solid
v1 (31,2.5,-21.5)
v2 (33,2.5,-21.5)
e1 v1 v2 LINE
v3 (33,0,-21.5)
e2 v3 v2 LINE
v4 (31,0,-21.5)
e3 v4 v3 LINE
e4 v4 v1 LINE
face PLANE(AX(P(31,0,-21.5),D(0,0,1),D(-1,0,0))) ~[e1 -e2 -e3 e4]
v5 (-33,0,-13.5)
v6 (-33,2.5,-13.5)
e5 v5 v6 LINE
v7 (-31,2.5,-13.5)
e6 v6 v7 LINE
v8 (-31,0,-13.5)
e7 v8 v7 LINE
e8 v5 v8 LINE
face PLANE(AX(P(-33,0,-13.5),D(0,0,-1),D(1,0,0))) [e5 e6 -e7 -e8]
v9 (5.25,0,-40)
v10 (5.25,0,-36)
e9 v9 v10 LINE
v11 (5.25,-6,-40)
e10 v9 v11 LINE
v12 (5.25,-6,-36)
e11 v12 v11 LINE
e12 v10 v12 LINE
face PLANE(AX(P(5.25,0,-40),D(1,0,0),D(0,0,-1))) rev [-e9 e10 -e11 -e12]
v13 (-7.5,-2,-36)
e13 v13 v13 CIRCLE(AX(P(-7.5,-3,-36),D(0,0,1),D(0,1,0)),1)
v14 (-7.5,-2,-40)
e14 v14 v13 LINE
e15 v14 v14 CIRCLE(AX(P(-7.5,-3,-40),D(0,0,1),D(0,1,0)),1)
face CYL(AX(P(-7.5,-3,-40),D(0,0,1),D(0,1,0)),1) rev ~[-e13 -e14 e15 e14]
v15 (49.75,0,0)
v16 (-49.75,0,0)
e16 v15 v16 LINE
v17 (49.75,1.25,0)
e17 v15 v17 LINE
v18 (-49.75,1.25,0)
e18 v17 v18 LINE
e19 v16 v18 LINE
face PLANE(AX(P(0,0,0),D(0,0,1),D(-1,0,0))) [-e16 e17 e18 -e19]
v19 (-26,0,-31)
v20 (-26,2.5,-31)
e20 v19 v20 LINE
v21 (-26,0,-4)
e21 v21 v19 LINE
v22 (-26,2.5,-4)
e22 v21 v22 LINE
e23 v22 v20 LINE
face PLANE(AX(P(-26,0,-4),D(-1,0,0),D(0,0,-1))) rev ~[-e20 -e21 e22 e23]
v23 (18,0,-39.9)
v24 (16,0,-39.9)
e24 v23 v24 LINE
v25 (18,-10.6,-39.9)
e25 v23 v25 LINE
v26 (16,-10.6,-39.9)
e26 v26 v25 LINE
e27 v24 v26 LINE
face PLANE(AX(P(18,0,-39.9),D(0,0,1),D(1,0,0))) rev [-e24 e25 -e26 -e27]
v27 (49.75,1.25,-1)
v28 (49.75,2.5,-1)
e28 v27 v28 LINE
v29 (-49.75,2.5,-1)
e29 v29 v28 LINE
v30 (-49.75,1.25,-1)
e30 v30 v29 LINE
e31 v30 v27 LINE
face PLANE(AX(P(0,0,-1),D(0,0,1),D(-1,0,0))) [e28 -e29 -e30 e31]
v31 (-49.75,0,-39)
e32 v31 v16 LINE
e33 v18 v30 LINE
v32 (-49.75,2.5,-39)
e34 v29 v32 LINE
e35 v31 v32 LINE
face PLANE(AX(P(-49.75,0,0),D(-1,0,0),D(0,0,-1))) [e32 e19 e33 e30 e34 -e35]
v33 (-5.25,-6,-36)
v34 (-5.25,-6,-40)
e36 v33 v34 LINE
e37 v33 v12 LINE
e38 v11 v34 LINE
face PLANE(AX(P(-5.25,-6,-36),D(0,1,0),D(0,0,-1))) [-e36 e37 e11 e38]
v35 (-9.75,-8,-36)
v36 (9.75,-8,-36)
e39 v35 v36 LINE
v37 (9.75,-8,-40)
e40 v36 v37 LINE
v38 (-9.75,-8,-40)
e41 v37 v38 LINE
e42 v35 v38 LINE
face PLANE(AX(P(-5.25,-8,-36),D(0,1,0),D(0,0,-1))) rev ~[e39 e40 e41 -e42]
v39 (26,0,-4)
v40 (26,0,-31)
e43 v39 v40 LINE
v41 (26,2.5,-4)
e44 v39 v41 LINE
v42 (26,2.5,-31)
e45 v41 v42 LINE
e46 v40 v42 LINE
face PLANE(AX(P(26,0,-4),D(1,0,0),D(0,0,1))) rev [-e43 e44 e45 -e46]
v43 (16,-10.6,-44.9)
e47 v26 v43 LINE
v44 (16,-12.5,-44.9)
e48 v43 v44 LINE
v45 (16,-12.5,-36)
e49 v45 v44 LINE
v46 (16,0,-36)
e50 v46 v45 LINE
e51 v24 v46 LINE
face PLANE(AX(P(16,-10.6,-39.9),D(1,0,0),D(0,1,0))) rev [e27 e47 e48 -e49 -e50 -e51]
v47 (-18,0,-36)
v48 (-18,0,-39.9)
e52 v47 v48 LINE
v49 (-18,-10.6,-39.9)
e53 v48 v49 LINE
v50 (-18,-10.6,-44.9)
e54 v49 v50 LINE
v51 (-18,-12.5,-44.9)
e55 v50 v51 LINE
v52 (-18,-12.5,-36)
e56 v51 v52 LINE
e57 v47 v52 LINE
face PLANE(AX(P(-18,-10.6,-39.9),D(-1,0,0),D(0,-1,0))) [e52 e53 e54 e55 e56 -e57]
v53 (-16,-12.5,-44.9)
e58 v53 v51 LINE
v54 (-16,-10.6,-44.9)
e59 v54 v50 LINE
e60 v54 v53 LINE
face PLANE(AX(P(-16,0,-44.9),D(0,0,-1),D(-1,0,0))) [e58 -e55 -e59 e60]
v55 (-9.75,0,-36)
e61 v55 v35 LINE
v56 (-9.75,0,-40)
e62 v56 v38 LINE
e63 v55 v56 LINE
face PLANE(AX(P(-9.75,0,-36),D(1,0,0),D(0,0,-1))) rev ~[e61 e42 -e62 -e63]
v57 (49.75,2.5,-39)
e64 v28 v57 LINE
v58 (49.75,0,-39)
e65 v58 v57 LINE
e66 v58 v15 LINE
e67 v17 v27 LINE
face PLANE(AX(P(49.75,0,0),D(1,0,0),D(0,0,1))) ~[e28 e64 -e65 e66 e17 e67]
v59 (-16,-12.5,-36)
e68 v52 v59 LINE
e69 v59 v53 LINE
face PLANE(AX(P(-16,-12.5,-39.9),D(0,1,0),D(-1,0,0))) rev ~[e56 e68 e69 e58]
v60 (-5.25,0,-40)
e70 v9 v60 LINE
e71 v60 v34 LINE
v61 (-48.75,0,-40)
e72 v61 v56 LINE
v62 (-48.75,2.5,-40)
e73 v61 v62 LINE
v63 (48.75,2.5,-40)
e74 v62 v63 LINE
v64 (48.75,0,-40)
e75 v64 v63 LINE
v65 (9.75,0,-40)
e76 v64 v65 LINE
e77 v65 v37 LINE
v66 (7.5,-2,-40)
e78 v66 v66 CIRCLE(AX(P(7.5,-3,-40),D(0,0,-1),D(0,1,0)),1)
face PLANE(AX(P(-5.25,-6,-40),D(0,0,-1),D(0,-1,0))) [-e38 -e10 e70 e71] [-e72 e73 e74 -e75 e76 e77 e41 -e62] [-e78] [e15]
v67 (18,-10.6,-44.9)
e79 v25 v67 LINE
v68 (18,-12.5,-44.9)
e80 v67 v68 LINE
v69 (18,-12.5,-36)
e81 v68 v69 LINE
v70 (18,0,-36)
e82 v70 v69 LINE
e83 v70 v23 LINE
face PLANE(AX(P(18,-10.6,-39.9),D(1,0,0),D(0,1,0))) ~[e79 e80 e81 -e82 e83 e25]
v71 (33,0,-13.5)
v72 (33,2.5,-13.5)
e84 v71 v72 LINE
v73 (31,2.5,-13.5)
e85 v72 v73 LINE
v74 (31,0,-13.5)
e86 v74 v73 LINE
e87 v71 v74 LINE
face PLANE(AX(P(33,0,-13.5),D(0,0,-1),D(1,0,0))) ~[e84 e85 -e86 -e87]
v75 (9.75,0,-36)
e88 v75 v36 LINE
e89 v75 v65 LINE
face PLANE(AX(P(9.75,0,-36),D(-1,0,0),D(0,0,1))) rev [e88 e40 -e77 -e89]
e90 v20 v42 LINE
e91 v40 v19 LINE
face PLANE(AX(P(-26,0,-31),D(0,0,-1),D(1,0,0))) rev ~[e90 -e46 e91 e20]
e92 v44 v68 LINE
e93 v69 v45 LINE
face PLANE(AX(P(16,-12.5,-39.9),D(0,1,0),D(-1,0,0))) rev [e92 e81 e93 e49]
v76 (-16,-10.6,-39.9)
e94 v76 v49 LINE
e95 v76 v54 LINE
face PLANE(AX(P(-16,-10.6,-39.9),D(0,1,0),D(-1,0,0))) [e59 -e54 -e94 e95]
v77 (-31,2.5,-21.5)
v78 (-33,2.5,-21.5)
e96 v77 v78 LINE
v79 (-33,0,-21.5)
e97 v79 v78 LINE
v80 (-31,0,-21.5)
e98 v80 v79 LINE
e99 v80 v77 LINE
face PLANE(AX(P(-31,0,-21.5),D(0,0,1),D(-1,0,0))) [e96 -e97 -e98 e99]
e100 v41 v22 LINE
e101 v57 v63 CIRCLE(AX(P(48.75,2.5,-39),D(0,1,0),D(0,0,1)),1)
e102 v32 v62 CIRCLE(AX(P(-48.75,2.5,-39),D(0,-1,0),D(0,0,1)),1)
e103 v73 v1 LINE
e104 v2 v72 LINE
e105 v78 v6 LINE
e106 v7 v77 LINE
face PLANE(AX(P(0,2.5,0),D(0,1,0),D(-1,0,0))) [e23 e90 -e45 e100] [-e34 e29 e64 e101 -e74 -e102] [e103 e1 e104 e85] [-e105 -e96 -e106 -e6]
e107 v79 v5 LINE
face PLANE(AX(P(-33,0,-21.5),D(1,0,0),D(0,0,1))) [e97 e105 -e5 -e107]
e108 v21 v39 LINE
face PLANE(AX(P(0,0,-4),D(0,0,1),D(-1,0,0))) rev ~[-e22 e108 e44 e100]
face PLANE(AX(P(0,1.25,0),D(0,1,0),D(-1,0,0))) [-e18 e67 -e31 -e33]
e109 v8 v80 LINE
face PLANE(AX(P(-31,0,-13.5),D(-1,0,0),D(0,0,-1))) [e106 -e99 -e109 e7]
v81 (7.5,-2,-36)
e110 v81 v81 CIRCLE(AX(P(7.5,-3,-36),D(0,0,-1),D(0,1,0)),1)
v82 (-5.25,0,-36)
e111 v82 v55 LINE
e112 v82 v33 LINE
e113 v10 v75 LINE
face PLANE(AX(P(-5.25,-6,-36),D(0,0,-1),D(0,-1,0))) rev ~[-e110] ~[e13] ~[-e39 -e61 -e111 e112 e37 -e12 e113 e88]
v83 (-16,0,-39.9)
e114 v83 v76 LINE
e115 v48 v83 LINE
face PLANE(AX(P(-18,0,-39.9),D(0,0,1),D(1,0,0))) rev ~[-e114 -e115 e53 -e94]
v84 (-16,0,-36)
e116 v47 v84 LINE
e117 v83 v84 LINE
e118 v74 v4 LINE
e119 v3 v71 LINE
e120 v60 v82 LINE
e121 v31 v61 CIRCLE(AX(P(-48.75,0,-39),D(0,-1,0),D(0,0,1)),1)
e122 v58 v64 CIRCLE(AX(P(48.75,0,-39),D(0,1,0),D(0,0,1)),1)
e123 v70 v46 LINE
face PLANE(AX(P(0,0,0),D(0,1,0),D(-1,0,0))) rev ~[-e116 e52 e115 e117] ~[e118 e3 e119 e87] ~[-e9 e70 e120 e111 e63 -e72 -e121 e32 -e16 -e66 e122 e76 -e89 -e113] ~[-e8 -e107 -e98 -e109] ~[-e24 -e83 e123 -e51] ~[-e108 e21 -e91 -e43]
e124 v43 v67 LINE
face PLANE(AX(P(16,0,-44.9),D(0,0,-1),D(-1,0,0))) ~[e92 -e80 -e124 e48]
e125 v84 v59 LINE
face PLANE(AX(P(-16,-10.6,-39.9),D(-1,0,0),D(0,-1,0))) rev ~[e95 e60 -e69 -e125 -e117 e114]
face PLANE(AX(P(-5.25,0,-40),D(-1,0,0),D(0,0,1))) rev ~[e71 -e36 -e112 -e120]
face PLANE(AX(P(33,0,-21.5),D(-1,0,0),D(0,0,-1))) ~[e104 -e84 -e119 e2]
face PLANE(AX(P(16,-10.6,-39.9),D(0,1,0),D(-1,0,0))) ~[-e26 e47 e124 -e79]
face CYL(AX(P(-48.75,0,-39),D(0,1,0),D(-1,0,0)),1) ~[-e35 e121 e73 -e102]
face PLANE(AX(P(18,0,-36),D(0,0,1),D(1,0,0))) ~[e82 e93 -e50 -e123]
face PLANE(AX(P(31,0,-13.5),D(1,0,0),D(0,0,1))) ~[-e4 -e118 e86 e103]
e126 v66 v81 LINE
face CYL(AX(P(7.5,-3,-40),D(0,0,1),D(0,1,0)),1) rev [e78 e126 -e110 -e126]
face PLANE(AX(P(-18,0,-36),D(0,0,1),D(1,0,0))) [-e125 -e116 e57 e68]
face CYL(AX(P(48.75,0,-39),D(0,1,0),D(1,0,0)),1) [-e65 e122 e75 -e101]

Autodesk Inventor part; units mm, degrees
ref_plane "YZ Plane" through (0, 0, 0) normal (1, 0, 0) x (0, 1, 0)
ref_plane "XZ Plane" through (0, 0, 0) normal (0, 1, 0) x (-1, 0, 0)
ref_plane "XY Plane" through (0, 0, 0) normal (0, 0, 1) x (1, 0, 0)
sketch "Náčrt1" plane through (0, 0, 0) normal (0, 1, 0) x (-1, 0, 0)
  line L0 (0, 0) -> (49.75, 0)
  line L1 (49.75, 0) -> (49.75, -40)
  line L2 (49.75, -40) -> (0, -40)
  line L3 (0, -1) -> (49.75, -1)
  line L4 (18, -36) -> (16, -36)
  line L5 (18, -36) -> (18, -39.9)
  line L6 (18, -39.9) -> (16, -39.9)
  line L7 (16, -39.9) -> (16, -36)
  line L8 (5.25, -40) -> (5.25, -36)
  line L9 (5.25, -36) -> (9.75, -36)
  line L10 (9.75, -36) -> (9.75, -40)
  line L11 (0, -4) -> (26, -4)
  line L12 (26, -4) -> (26, -31)
  line L13 (26, -31) -> (0, -31)
  line L14 (0, -40) -> (0, -31)
  line L15 (0, -4) -> (0, 0)
  line L16 (33, -13.5) -> (31, -13.5)
  line L17 (31, -13.5) -> (31, -21.5)
  line L18 (31, -21.5) -> (33, -21.5)
  line L19 (33, -21.5) -> (33, -13.5)
  point P0 (49.75, -20)
  point P1 (33, -17.5)
  point P2 (26, -17.5)
  dimension "d0" = 40
  dimension "d1" = 49.75
  dimension "d2" = 1
  dimension "d5" = 4
  dimension "d16" = 0.1
  dimension "d17" = 31.75
  dimension "d18" = 2
  dimension "d28" = 4.5
  dimension "d29" = 4
  dimension "d57" = 27
  dimension "d58" = 26
  dimension "d59" = 5.25
  dimension "d60" = 8
  dimension "d61" = 2
  dimension "d62" = 5
  dimension "d63" = 4
extrude "Vysunutí1" add sketch "Náčrt1" along normal blind 2.5 contours L3 L1 L2 L10 L9 L8 L14 L13 L12 L11 L15 | L2 L8 L9 L10 | L5 L6 L7 L4
extrude "Vysunutí2" add sketch "Náčrt1" along normal blind 1.25 contours L0 L1 L3 L15
extrude "Vysunutí3" add sketch "Náčrt1" against normal blind 12.5 contours L5 L6 L7 L4
sketch "Náčrt3" plane through (-16, 0, -39.9) normal (0, 0, -1) x (-1, 0, 0)
  line L0 (0, 0) -> (0, -12.5) projected
  line L1 (0, -12.5) -> (2, -12.5) projected
  line L2 (2, 0) -> (2, -12.5) projected
  line L3 (0, 0) -> (0, -12.5) projected
  line L4 (0, -10.6) -> (2, -10.6)
  line L5 (2, 0) -> (2, -12.5) projected
  point P0 (-16, 0)
  point P1 (2, -10.6)
  point P2 (0, -10.6)
  dimension "d19" = 1.9
extrude "Vysunutí5" add sketch "Náčrt3" along normal blind 5
fillet "Zaoblení1" radius 1 1 edges at (-49.75, 1.25, -40)
extrude "Vysunutí6" add sketch "Náčrt1" against normal blind 8 contours L2 L8 L9 L10
sketch "Náčrt7" plane through (-5.25, -8, -36) normal (1, 0, 0) x (0, 0, -1)
  line L0 (0, 8) -> (0, 0) projected
  line L1 (0, 0) -> (4, 0) projected
  line L2 (4, 8) -> (4, 0) projected
  line L3 (0, 8) -> (0, 0) projected
  line L4 (0, 2) -> (4, 2)
  line L5 (4, 8) -> (4, 0) projected
  point P0 (-36, 8)
  dimension "d36" = 2
extrude "Vysunutí8" add sketch "Náčrt7" along normal up to surface (5.25 mm away)
sketch "Náčrt8" plane through (0, 0, -40) normal (0, 0, -1) x (-1, 0, 0)
  line L0 (9.75, 0) -> (9.75, -8) projected
  line L1 (5.25, -6) -> (0, -6) projected
  point P0 (0, 0)
  point P1 (7.5, -3)
  dimension "d46" = 2.25
  dimension "d47" = 3
hole "Díra1" at (-7.5, -3, -40) direction (0, 0, 1) diameter 2 end through all
mirror "Zrcadlit2" about plane through (0, 0, -40) normal (1, 0, 0)
properties part number "Kryt těla"
